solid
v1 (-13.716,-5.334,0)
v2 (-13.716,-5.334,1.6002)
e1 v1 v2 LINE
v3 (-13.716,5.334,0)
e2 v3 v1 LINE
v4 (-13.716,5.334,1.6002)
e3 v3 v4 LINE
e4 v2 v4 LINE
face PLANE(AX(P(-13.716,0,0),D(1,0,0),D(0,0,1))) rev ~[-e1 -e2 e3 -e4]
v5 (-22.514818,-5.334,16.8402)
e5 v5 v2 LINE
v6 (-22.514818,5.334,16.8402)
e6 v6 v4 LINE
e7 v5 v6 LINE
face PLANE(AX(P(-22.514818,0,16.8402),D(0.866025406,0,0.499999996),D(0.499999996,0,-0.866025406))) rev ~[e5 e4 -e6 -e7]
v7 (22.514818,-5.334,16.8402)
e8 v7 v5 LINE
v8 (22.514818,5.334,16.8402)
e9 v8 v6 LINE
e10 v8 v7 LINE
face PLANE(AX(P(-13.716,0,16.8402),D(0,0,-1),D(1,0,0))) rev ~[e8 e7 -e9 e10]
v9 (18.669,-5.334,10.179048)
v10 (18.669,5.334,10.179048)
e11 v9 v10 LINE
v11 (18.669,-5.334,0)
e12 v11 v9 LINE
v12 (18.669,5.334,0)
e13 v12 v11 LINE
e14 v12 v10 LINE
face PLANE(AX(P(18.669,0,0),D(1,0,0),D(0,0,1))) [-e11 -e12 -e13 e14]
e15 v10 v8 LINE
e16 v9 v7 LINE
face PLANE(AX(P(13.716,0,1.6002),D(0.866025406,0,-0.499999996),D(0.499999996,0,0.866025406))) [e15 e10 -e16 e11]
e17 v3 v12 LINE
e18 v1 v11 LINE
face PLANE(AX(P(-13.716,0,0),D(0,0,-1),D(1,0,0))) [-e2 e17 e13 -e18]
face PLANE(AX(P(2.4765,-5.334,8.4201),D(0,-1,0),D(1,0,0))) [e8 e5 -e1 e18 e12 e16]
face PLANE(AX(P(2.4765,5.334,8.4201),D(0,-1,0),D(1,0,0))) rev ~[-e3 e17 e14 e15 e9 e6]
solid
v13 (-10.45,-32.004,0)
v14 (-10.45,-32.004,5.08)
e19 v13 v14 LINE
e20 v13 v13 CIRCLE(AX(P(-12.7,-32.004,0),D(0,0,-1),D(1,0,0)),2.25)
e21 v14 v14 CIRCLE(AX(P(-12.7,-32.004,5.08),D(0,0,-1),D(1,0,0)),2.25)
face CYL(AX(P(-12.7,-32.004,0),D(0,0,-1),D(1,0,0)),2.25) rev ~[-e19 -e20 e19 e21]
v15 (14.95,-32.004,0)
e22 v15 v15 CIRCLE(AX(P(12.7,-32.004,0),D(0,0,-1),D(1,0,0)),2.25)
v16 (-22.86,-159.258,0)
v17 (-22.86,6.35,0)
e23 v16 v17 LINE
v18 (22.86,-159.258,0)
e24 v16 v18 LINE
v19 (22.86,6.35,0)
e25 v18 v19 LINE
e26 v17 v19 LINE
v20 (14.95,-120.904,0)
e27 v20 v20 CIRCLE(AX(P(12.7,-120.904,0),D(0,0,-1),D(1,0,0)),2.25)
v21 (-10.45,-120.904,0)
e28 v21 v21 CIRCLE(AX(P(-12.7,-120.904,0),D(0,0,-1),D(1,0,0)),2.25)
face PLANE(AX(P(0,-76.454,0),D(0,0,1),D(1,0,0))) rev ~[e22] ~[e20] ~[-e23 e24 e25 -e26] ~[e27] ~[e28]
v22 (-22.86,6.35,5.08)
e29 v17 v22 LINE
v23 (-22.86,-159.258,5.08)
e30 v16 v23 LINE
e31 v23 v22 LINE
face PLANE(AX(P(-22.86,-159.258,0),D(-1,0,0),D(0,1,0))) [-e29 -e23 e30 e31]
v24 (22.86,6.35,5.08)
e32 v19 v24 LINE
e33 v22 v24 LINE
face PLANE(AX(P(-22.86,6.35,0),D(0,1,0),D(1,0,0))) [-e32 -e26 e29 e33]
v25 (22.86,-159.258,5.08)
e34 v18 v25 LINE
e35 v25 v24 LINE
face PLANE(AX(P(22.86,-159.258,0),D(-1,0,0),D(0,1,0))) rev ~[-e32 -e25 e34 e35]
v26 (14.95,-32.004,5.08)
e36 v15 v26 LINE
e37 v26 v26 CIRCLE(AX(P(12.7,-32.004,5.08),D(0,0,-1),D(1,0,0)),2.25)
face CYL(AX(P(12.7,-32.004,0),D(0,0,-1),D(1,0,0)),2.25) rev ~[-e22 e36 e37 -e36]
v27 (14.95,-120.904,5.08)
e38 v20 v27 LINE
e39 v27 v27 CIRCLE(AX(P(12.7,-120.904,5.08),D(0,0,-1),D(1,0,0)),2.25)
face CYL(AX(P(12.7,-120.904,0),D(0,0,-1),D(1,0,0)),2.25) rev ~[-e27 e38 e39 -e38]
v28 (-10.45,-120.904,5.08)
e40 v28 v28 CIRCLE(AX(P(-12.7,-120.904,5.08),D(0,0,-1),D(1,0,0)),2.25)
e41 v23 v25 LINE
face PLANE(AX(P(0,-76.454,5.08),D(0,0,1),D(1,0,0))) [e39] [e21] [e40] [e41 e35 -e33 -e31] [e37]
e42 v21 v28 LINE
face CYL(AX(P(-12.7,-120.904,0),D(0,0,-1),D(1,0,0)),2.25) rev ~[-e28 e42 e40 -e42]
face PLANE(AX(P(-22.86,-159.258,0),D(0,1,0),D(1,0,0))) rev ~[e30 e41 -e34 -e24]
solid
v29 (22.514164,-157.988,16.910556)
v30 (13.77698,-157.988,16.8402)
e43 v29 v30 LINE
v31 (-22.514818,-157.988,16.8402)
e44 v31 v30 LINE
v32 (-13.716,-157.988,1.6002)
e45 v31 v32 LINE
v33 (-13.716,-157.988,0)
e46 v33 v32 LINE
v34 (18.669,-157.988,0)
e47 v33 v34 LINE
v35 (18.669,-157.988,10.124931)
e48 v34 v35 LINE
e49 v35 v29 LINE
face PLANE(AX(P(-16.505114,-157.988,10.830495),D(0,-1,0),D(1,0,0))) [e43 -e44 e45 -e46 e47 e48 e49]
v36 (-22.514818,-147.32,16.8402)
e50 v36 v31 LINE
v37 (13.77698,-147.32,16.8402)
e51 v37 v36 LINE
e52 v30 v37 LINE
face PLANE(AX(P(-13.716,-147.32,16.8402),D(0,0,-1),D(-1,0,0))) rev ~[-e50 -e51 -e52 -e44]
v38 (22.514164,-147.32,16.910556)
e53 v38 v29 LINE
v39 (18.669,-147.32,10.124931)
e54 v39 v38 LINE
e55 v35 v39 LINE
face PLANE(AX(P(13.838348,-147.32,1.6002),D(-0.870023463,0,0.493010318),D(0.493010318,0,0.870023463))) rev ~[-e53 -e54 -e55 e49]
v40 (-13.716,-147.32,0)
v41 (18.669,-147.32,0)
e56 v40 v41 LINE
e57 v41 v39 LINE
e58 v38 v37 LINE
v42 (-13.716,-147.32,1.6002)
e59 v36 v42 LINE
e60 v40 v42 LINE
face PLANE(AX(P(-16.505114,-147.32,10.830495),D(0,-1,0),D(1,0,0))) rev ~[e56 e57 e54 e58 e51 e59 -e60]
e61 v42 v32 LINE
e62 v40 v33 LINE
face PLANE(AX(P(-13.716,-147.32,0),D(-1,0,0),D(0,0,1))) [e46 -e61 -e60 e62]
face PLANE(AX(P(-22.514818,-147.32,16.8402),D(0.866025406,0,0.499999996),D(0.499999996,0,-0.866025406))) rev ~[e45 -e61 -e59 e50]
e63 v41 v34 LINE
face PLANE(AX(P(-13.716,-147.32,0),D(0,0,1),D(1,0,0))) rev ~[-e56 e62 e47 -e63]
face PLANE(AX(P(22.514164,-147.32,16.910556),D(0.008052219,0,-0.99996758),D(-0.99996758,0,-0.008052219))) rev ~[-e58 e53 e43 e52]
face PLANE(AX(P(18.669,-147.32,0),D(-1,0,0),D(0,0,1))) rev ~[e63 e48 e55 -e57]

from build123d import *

# Parameters (mm, degrees)
SKETCH_W     = 45.72
SKETCH_H     = 165.608
PAD_DEPTH    = 5.08
SKETCH005_R  = 2.25
HOLE_DEPTH   = 24.9936
SKETCH006_W  = 32.385
SKETCH006_H  = 16.8402
PAD005_DEPTH = 5.334
PAD006_DEPTH = 5.334
SKETCH008_W  = 32.385
SKETCH008_H  = 16.8402
PAD007_DEPTH = 10.668
PAD008_DEPTH = 10.668


with BuildPart() as body:
    # Sketch → Pad (new body)
    with BuildSketch(Plane.XY):
        with Locations((0, -76.454)):
            Rectangle(SKETCH_W, SKETCH_H)
    extrude(amount=PAD_DEPTH)

    # Sketch005 → Hole (cut)
    with BuildSketch(Plane(origin=(0, 0, 0), x_dir=(1, 0, 0), z_dir=(0, 0, -1))):
        with Locations((-12.7, 120.904)):
            Circle(SKETCH005_R)
        with Locations((-12.7, 32.004)):
            Circle(SKETCH005_R)
        with Locations((12.7, 120.904)):
            Circle(SKETCH005_R)
        with Locations((12.7, 32.004)):
            Circle(SKETCH005_R)
    extrude(amount=-HOLE_DEPTH, mode=Mode.SUBTRACT)


with BuildPart() as pad006:
    # Sketch006 → Pad005 (new body, symmetric)
    with BuildSketch(Plane.XZ):
        with Locations((2.4765, 8.4201)):
            Rectangle(SKETCH006_W, SKETCH006_H)
    extrude(amount=PAD005_DEPTH, both=True)

    # Sketch007 → Pad006 (new body, symmetric)
    with BuildSketch(Plane.XZ):
        Polygon((-13.716, 1.6002), (-13.716, 16.8402), (-22.514818, 16.8402), align=None)
        Polygon((13.716, 1.6002), (22.514818, 16.8402), (13.716, 16.8402), align=None)
    extrude(amount=PAD006_DEPTH, both=True)


with BuildPart() as pad008:
    # Sketch008 → Pad007 (new body)
    with BuildSketch(Plane.XZ.offset(147.32)):
        with Locations((2.4765, 8.4201)):
            Rectangle(SKETCH008_W, SKETCH008_H)
    extrude(amount=PAD007_DEPTH)

    # Sketch009 → Pad008 (new body)
    with BuildSketch(Plane.XZ.offset(147.32)):
        Polygon((-13.716, 1.6002), (-13.716, 16.8402), (-22.514818, 16.8402), align=None)
        Polygon((13.838348, 1.6002), (22.514164, 16.910556), (13.715632, 16.839706), align=None)
    extrude(amount=PAD008_DEPTH)


solid = Compound([body.part, pad006.part, pad008.part])
